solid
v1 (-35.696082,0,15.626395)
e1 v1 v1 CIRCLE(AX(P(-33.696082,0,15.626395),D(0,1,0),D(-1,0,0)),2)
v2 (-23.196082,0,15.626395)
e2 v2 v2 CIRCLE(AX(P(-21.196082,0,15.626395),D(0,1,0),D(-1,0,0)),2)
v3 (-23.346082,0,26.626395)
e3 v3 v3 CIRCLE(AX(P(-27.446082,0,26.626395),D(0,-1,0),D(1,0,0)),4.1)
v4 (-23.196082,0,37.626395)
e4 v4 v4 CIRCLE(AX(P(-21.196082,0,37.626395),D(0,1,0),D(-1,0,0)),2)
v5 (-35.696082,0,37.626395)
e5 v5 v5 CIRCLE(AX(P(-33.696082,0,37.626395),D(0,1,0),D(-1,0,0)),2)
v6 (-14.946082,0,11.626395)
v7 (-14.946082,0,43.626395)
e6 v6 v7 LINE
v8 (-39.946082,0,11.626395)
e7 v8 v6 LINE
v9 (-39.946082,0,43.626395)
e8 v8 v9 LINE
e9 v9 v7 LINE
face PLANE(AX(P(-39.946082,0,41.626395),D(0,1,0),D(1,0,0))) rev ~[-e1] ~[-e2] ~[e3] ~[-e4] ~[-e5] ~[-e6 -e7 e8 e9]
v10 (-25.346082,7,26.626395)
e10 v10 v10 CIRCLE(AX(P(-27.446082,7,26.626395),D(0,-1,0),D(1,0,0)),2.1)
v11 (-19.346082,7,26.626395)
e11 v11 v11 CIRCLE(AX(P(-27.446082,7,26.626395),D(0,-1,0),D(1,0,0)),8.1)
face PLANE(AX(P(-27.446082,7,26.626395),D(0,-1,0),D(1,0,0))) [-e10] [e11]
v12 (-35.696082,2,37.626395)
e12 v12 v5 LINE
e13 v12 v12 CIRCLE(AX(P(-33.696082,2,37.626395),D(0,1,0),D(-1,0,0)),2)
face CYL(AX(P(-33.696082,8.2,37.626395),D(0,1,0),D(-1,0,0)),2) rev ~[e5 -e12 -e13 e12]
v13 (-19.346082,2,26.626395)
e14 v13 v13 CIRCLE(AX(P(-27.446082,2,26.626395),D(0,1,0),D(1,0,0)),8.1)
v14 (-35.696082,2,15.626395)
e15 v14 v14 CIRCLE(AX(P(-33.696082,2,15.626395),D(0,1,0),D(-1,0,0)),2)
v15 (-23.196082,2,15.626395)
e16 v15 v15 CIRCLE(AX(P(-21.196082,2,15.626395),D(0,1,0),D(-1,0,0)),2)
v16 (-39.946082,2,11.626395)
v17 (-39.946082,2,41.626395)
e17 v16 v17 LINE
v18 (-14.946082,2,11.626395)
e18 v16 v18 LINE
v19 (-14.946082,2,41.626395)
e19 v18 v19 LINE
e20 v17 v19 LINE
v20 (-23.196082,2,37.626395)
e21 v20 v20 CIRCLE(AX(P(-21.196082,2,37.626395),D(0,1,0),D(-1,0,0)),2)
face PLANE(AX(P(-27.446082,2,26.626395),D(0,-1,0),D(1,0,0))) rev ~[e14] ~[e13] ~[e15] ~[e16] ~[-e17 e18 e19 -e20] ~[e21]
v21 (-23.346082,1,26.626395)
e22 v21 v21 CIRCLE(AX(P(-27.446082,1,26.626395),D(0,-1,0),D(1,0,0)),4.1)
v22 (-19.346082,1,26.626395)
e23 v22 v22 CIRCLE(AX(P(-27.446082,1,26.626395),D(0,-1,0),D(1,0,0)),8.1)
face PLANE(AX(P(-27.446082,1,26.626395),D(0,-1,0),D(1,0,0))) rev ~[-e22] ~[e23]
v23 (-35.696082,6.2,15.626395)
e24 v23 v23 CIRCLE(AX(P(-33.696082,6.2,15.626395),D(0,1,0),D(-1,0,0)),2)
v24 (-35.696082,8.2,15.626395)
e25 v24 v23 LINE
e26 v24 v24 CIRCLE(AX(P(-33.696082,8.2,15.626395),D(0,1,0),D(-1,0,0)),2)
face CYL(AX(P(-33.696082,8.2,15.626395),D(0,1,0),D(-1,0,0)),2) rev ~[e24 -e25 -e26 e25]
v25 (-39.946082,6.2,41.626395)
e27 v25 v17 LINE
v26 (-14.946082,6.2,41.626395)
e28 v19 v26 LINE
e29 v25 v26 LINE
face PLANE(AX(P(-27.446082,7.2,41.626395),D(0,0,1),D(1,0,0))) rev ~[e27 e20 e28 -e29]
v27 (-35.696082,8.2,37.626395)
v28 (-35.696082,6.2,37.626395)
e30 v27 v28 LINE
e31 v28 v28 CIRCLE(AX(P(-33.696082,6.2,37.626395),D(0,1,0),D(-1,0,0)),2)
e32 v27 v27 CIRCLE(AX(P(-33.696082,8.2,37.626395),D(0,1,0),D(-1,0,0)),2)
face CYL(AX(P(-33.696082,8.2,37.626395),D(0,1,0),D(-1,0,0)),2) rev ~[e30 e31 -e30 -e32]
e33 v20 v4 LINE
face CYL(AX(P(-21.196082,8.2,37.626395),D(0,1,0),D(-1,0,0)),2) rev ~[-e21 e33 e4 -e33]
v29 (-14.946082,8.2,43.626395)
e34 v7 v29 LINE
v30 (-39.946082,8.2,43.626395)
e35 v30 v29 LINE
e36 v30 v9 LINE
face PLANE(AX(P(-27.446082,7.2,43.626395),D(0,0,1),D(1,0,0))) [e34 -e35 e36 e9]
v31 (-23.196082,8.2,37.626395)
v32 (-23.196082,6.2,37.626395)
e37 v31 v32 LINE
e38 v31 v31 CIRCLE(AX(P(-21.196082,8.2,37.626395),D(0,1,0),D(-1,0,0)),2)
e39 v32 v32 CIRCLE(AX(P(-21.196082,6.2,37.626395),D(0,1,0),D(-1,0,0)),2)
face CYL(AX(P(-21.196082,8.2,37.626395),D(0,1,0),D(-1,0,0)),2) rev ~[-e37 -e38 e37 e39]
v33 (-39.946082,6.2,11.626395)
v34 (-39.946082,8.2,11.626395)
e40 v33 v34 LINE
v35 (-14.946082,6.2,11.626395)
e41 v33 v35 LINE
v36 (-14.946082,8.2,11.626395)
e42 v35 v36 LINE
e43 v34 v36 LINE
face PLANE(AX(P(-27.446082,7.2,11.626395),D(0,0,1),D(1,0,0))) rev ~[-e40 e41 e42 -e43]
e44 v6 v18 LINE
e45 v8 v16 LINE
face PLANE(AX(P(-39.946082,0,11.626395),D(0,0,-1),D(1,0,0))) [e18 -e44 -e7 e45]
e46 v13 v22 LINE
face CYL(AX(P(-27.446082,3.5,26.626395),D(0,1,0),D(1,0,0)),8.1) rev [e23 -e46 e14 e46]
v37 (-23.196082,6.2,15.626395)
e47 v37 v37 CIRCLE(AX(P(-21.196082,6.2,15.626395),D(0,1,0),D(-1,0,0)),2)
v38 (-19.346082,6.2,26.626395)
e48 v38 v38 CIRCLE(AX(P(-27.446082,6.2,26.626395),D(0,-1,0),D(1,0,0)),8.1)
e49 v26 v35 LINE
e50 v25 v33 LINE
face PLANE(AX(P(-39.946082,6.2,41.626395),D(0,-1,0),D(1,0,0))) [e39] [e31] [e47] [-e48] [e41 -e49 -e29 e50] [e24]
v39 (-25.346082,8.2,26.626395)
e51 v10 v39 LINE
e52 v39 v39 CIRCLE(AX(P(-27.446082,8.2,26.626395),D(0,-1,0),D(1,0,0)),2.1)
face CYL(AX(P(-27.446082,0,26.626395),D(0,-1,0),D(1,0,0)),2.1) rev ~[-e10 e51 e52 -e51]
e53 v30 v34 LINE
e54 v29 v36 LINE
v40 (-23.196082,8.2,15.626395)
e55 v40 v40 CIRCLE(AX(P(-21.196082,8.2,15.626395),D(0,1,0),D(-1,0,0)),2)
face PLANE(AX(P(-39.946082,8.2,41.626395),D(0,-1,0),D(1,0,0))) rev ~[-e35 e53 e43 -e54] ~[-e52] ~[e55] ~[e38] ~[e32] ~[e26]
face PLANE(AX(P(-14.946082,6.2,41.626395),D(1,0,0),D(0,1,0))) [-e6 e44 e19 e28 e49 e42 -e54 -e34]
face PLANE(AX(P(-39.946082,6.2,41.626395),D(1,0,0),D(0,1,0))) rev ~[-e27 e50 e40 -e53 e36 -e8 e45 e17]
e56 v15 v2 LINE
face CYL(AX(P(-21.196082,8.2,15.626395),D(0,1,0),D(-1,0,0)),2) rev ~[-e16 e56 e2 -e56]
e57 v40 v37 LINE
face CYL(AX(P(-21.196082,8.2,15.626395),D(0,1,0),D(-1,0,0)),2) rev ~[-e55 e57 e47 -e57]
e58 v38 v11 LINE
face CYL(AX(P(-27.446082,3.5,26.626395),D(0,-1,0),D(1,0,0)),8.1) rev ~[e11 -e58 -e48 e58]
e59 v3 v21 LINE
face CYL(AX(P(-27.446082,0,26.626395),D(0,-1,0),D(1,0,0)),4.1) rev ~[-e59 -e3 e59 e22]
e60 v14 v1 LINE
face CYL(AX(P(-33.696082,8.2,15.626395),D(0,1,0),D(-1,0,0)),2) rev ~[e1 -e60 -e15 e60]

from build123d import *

# Parameters (mm, degrees)
F0_W          = 25
F0_H          = 30
F0_R          = 2.1
F1_DEPTH      = 2
F2_W          = 25
F2_H          = 2
F2_H_2        = 4.2
F3_DEPTH      = 2
F4_DEPTH      = 30
F5_R          = 2.1
F6_DEPTH      = 8.2
F8_R          = 8.1
F8_R_2        = 2.1
F9_DEPTH      = 2.5
F9_DEPTH_BACK = 3.5
F10_R         = 4.1
F11_DEPTH     = 1
F12_R         = 2
F13_DEPTH     = 8.2


with BuildPart() as f1:
    # F0 (on Front) → F1 (new body)
    with BuildSketch(Plane.XZ):
        with Locations((-27.446082, 26.626395)):
            Rectangle(F0_W, F0_H)
        with Locations((-27.446082, 26.626395)):
            Circle(F0_R, mode=Mode.SUBTRACT)
    extrude(amount=-F1_DEPTH)

    # F2 (on face) → F3 (join)
    with BuildSketch(Plane.XY.offset(41.626395)):
        with Locations((-27.446082, 7.2)):
            Rectangle(F2_W, F2_H)
        with Locations((-27.446082, 4.1)):
            Rectangle(F2_W, F2_H_2)
        with Locations((-27.446082, 1)):
            Rectangle(F2_W, F2_H)
    extrude(amount=F3_DEPTH)

    # F2 (on face) → F4 (join)
    with BuildSketch(Plane.XY.offset(41.626395)):
        with Locations((-27.446082, 7.2)):
            Rectangle(F2_W, F2_H)
    extrude(amount=-F4_DEPTH)

    # F5 (on face) → F6 (cut, through all)
    with BuildSketch(Plane.XZ):
        with Locations((-27.446082, 26.626395)):
            Circle(F5_R)
    extrude(amount=-F6_DEPTH, mode=Mode.SUBTRACT)

    # F8 (on offset) → F9 (cut, two sides)
    with BuildSketch(Plane.XZ.offset(-3.5)) as f9_sk:
        with Locations((-27.446082, 26.626395)):
            Circle(F8_R)
        with Locations((-27.446082, 26.626395)):
            Circle(F8_R_2, mode=Mode.SUBTRACT)
    extrude(amount=F9_DEPTH, mode=Mode.SUBTRACT)
    extrude(f9_sk.sketch, amount=-F9_DEPTH_BACK, mode=Mode.SUBTRACT)

    # F10 (on face) → F11 (cut, through all)
    with BuildSketch(Plane.XZ):
        with Locations((-27.446082, 26.626395)):
            Circle(F10_R)
    extrude(amount=-F11_DEPTH, mode=Mode.SUBTRACT)

    # F12 (on face) → F13 (cut, through all)
    with BuildSketch(Plane(origin=(0, 8.2, 0), x_dir=(-1, 0, 0), z_dir=(0, 1, 0))):
        with Locations((21.196082, 37.626395)):
            Circle(F12_R)
        with Locations((33.696082, 37.626395)):
            Circle(F12_R)
        with Locations((21.196082, 15.626395)):
            Circle(F12_R)
        with Locations((33.696082, 15.626395)):
            Circle(F12_R)
    extrude(amount=-F13_DEPTH, mode=Mode.SUBTRACT)


solid = f1.part
